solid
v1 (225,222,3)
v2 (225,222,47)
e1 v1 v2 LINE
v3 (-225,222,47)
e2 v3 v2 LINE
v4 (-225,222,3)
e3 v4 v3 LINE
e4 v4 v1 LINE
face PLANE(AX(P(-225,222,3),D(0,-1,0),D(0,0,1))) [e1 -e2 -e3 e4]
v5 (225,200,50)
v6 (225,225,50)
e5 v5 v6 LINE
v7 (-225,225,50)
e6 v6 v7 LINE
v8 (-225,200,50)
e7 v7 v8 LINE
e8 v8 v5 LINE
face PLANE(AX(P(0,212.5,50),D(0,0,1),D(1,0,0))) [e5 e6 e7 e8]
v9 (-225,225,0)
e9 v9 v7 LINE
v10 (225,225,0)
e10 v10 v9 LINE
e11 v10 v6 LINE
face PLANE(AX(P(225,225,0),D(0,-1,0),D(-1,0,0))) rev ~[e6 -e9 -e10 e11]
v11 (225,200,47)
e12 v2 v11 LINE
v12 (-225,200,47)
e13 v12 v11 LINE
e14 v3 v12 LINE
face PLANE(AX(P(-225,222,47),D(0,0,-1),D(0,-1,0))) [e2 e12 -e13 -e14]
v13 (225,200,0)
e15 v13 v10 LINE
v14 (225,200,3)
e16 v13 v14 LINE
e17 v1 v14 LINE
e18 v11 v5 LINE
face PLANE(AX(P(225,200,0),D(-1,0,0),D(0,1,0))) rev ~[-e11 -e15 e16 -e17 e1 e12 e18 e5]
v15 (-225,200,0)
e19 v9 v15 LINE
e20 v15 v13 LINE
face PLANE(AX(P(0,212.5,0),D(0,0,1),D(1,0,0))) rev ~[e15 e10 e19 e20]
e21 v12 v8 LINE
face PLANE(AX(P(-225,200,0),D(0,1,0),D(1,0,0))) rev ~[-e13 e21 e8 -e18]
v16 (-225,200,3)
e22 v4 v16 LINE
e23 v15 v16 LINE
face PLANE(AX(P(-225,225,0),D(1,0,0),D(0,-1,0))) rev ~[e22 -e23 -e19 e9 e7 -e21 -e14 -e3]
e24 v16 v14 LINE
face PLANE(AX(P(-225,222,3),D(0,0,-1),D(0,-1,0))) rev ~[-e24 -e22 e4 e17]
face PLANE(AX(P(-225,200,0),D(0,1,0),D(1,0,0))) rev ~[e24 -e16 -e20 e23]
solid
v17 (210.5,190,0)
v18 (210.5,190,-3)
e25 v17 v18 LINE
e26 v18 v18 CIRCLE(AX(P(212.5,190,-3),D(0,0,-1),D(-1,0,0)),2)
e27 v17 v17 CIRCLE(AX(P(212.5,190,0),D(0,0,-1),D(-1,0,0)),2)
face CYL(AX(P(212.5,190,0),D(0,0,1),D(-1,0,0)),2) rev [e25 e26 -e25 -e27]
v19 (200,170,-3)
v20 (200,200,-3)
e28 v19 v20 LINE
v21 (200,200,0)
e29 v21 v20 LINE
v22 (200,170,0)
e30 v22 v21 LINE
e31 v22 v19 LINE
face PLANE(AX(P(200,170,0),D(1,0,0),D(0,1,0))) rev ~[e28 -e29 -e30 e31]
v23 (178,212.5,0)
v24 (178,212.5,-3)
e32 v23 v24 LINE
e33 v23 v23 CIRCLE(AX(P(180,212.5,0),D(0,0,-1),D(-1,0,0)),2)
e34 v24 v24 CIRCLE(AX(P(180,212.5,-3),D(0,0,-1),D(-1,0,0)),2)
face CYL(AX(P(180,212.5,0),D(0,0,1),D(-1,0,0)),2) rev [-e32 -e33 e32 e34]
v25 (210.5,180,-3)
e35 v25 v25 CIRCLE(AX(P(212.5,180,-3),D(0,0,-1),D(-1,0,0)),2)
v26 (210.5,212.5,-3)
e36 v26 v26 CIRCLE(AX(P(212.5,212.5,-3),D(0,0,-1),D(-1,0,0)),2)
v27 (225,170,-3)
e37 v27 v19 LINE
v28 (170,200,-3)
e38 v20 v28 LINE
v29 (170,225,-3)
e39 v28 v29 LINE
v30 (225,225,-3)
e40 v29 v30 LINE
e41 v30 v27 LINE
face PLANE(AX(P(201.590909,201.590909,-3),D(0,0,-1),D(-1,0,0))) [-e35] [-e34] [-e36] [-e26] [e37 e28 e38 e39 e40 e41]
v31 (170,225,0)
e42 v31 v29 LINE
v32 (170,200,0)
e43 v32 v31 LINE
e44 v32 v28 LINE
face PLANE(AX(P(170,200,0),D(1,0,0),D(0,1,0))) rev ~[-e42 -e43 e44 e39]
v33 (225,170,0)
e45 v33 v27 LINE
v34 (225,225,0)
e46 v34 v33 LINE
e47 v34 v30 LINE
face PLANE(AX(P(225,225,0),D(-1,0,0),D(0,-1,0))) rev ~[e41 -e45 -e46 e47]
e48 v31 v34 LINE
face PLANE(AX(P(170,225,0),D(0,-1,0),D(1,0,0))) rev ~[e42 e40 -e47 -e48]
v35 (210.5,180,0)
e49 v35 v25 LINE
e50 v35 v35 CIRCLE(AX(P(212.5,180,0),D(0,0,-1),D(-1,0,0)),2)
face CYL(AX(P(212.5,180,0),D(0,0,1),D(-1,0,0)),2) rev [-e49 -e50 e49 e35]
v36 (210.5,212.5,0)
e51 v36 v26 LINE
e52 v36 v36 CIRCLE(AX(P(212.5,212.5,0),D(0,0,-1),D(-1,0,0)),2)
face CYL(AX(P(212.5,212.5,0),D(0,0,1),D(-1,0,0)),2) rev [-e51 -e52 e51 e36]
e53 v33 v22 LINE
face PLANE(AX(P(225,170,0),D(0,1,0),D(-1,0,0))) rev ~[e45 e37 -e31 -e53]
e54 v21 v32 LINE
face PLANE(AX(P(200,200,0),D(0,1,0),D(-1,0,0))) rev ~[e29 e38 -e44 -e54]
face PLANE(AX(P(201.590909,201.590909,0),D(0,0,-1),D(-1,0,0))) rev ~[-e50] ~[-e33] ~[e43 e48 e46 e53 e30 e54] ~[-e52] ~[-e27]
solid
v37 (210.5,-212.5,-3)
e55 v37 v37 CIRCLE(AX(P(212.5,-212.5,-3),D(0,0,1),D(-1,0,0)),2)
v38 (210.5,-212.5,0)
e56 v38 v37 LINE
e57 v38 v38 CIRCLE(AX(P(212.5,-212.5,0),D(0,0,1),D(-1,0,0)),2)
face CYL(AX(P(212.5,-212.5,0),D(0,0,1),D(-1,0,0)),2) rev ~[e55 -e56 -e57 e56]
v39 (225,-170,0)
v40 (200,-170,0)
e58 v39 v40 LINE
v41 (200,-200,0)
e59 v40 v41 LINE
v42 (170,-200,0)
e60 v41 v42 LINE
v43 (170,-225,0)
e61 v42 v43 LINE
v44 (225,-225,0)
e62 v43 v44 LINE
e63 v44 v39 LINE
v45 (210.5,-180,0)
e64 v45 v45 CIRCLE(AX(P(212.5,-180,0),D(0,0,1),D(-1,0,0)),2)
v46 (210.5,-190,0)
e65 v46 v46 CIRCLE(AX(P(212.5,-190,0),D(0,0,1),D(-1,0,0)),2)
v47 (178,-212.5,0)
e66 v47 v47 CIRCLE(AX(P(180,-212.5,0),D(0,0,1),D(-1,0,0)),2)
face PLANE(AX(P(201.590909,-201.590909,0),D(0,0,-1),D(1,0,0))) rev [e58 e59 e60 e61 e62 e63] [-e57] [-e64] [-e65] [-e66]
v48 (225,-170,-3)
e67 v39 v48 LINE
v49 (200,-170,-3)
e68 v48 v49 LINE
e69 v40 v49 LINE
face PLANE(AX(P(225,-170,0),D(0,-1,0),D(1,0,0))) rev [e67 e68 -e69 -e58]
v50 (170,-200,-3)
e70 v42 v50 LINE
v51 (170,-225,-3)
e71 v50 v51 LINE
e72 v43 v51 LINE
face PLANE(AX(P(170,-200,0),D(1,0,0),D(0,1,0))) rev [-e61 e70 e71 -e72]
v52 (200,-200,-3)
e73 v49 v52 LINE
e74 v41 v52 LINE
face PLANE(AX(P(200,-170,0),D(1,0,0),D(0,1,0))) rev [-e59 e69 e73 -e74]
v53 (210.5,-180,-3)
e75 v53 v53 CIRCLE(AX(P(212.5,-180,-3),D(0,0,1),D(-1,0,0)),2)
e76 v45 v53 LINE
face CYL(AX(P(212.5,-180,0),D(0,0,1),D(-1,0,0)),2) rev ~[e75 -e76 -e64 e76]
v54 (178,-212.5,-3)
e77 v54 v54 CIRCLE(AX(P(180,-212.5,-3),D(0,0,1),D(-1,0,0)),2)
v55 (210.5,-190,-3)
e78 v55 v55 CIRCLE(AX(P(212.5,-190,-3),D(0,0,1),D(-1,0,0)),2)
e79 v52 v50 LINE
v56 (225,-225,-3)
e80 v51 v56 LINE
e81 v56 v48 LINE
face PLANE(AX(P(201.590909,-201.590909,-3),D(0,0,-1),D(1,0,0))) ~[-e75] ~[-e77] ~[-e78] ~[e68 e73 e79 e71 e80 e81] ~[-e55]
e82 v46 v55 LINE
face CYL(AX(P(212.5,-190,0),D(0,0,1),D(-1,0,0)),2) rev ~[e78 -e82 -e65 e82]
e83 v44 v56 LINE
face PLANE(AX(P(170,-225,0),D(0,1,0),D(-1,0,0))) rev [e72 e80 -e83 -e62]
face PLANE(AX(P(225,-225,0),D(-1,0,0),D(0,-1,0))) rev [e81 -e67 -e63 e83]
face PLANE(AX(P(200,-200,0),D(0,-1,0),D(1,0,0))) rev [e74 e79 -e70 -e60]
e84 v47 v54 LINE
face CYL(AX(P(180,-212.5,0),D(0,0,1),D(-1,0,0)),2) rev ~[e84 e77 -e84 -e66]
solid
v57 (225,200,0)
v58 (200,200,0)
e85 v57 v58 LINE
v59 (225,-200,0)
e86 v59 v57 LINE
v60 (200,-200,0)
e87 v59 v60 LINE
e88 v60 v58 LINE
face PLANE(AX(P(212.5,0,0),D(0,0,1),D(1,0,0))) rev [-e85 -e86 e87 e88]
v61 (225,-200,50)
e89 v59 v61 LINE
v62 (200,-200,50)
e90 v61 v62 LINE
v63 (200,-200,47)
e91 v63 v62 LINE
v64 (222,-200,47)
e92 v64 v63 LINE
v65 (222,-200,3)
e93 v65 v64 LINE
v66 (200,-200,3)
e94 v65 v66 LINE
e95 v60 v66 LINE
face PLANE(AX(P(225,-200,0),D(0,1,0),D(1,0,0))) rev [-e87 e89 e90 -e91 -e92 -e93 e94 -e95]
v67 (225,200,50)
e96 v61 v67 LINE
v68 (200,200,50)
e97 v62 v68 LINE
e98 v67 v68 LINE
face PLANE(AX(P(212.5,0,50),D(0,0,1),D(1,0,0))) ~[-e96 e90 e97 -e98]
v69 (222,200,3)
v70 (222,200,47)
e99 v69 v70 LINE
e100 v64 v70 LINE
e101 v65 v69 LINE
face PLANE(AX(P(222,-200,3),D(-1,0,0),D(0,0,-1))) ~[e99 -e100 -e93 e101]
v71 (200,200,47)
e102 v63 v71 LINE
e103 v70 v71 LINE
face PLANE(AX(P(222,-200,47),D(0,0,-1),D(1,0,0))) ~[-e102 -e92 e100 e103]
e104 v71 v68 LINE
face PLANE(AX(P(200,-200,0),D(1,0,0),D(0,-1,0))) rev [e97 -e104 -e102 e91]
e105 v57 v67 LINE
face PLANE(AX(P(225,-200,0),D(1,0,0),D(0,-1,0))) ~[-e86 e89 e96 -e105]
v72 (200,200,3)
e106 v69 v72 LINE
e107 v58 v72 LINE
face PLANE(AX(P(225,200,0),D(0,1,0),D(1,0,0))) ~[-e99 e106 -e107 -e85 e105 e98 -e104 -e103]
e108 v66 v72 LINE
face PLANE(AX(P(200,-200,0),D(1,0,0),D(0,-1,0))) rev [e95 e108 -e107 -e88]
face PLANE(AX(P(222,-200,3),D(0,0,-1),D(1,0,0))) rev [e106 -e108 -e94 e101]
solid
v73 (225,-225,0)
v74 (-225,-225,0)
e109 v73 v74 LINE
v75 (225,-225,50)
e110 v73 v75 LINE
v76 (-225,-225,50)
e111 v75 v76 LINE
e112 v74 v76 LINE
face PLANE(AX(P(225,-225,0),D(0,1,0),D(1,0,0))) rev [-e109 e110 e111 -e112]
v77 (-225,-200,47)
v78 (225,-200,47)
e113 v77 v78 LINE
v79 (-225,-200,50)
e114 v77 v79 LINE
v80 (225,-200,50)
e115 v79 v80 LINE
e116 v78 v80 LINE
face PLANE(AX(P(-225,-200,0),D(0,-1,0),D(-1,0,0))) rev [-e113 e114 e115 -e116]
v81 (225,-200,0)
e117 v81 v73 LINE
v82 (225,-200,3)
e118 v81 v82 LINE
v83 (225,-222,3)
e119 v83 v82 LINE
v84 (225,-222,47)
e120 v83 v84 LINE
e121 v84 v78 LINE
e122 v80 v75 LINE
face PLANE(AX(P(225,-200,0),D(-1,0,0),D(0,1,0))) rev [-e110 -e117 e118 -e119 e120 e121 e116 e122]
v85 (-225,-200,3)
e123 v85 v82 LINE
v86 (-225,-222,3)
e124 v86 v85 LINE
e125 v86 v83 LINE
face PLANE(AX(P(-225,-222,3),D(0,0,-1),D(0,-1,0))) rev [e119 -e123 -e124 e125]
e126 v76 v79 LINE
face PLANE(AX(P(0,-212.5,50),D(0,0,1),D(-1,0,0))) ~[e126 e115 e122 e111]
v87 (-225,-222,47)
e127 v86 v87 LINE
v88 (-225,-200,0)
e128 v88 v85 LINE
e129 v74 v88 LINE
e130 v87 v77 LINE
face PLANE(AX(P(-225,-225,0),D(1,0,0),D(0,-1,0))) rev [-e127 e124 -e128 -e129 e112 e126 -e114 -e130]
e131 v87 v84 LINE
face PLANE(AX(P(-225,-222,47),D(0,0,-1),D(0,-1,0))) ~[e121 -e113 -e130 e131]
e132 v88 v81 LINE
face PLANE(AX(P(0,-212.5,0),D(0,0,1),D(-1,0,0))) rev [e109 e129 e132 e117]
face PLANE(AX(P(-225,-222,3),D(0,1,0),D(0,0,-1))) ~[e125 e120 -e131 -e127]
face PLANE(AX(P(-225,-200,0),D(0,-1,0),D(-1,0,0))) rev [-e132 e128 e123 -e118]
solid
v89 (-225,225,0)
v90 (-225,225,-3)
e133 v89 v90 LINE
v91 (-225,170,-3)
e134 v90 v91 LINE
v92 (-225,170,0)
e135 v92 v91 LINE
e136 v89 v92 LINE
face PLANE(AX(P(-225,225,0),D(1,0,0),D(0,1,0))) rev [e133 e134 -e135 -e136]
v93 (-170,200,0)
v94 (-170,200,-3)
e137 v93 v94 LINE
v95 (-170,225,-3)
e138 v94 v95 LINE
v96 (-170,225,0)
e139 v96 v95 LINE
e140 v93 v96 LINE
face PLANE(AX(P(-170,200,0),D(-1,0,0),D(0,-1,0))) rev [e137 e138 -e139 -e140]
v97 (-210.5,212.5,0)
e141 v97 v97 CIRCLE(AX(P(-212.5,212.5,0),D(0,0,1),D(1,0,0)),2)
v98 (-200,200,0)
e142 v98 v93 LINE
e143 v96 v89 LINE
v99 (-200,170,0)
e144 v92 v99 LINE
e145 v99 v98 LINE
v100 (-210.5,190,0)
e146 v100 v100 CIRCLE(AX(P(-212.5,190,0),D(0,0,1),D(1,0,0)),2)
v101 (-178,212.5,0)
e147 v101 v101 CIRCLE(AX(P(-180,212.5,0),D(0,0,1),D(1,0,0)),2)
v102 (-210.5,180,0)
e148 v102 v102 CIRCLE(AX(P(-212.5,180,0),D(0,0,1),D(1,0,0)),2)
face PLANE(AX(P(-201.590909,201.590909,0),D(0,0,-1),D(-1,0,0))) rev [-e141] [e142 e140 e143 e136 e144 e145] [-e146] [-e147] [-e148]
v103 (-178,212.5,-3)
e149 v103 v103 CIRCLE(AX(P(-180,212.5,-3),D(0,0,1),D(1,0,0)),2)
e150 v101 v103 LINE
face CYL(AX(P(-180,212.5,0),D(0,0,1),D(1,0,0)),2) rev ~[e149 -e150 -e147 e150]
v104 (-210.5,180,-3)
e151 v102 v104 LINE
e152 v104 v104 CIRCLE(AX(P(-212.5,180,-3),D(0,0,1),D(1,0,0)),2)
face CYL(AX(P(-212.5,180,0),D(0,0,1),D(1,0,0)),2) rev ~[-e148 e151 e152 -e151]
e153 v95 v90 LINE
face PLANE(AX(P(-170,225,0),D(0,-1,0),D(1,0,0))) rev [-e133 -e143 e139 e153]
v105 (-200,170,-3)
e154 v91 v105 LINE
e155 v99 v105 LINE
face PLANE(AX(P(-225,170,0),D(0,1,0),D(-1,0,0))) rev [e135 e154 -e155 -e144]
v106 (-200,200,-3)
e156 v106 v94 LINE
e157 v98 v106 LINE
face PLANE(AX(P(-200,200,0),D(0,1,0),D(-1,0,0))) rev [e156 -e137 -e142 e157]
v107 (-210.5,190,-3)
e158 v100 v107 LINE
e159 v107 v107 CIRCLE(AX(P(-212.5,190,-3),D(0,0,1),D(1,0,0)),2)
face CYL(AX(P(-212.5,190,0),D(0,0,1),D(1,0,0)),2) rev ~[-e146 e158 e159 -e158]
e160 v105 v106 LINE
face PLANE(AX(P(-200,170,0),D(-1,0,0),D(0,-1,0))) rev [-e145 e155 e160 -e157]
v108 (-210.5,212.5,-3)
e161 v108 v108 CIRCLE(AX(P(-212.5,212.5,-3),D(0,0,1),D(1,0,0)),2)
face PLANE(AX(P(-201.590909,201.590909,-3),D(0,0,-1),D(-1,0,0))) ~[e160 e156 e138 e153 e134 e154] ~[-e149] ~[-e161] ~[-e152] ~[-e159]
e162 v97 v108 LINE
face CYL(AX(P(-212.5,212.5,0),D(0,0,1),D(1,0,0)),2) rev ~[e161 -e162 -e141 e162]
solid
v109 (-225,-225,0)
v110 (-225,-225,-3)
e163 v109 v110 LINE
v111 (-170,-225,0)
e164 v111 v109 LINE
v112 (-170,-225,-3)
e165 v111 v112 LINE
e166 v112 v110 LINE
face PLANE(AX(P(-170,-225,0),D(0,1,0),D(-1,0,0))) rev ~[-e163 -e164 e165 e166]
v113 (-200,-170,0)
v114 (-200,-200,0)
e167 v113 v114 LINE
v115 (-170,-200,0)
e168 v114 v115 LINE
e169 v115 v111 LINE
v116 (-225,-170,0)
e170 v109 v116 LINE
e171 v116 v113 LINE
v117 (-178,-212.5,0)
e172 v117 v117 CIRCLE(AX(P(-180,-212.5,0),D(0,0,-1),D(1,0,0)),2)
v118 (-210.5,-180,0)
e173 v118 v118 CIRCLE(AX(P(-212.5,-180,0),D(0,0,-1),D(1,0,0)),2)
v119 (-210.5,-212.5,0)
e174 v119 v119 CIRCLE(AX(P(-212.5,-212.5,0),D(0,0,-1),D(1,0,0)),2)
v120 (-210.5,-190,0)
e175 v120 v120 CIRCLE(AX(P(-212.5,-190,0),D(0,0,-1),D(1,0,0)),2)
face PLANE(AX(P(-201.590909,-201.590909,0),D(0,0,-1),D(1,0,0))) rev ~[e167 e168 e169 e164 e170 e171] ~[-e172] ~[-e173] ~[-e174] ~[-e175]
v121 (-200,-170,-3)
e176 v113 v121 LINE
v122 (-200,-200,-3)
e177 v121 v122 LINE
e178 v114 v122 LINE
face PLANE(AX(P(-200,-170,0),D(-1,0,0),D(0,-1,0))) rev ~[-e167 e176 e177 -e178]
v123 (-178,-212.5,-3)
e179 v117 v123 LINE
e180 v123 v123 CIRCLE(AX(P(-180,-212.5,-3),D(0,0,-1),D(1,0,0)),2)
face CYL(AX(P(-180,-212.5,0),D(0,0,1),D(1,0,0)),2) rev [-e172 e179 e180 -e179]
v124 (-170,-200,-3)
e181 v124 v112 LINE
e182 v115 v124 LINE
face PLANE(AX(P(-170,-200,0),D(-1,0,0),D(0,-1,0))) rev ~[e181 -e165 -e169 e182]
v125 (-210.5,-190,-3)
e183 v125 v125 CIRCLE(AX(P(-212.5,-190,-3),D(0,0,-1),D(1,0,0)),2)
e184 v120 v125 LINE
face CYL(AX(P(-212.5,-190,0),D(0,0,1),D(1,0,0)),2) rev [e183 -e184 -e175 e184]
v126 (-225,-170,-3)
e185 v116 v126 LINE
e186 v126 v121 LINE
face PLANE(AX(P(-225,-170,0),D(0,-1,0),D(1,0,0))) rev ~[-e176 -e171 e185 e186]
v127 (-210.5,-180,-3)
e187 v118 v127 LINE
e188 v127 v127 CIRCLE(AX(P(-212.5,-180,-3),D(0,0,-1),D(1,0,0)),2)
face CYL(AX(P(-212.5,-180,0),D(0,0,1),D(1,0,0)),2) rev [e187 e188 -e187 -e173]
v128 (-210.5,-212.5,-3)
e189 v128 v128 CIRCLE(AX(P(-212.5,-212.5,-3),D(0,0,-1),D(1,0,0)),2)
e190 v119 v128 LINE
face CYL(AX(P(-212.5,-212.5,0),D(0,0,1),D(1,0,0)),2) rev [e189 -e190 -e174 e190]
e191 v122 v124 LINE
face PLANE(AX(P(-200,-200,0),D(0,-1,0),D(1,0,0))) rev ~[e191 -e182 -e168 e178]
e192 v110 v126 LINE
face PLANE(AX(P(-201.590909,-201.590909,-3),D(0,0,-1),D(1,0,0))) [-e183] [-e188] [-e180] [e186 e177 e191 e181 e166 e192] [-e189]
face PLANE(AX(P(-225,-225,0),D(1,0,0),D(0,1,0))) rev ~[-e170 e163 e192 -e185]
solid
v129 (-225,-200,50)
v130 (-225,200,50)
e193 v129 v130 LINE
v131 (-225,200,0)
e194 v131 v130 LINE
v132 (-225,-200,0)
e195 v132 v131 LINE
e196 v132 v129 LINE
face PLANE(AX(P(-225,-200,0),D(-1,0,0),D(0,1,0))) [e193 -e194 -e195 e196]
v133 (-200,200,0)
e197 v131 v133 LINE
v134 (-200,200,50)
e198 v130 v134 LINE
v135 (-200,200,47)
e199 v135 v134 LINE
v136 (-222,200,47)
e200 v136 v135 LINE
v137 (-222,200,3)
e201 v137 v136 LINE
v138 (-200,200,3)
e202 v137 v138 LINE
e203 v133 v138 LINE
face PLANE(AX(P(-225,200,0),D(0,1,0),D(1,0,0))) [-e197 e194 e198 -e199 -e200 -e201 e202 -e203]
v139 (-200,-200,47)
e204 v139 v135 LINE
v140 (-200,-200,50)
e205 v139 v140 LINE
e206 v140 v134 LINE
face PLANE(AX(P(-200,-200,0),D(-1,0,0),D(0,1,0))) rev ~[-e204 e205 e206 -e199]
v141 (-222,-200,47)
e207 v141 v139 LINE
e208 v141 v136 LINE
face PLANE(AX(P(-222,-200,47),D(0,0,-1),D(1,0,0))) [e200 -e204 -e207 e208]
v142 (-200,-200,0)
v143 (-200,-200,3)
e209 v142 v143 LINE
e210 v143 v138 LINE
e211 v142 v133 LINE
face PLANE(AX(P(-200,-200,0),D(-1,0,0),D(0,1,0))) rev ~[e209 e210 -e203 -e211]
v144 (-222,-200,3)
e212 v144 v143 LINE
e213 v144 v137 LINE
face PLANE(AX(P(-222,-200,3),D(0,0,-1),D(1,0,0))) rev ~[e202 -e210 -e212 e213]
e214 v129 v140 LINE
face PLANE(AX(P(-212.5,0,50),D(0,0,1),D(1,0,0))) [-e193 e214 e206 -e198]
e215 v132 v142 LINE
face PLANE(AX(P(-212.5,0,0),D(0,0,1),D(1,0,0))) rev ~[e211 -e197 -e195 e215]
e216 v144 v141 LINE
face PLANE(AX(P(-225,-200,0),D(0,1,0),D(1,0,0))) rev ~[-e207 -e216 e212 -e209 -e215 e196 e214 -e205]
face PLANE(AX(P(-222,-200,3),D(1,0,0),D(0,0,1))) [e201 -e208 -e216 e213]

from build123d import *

# Parameters (mm, degrees)
F0_W      = 25
F0_H      = 400
F1_DEPTH  = 50
F2_DEPTH  = 50
F3_W      = 22
F3_H      = 44
F4_DEPTH  = 450
F6_W      = 22
F6_H      = 44
F7_DEPTH  = 400
F9_R      = 2
F10_DEPTH = 3


with BuildPart() as f1:
    # F0 (on Top) → F1 (new body)
    with BuildSketch(Plane.XY):
        with Locations((-212.5, 0)):
            Rectangle(F0_W, F0_H)
    extrude(amount=F1_DEPTH)

    # F6 (on face) → F7 (cut, through all)
    with BuildSketch(Plane.XZ.offset(200)):
        with Locations((-211, 25)):
            Rectangle(F6_W, F6_H)
    extrude(amount=-F7_DEPTH, mode=Mode.SUBTRACT)


with BuildPart() as f2:
    # F0 (on Top) → F2 (new body)
    with BuildSketch(Plane.XY):
        Polygon((200, 200), (225, 200), (225, 225), (-225, 225), (-225, 200), (-200, 200), align=None)
    extrude(amount=F2_DEPTH)

    # F3 (on face) → F4 (cut, through all)
    with BuildSketch(Plane(origin=(-225, 0, 0), x_dir=(0, -1, 0), z_dir=(-1, 0, 0))):
        with Locations((-211, 25)):
            Rectangle(F3_W, F3_H)
    extrude(amount=-F4_DEPTH, mode=Mode.SUBTRACT)


with BuildPart() as f5_1:
    # F5: instance of F2
    add(f2.part.mirror(Plane.XZ))


with BuildPart() as f8_1:
    # F8: instance of F1
    add(f1.part.mirror(Plane.YZ))


with BuildPart() as f10:
    # F9 (on face) → F10 (new body)
    with BuildSketch(Plane(origin=(0, 0, 0), x_dir=(1, 0, 0), z_dir=(0, 0, -1))):
        Polygon((-170, 225), (-225, 225), (-225, 170), (-200, 170), (-200, 200), (-170, 200), align=None)
        with Locations((-212.5, 180)):
            Circle(F9_R, mode=Mode.SUBTRACT)
        with Locations((-212.5, 190)):
            Circle(F9_R, mode=Mode.SUBTRACT)
        with Locations((-212.5, 212.5)):
            Circle(F9_R, mode=Mode.SUBTRACT)
        with Locations((-180, 212.5)):
            Circle(F9_R, mode=Mode.SUBTRACT)
    extrude(amount=F10_DEPTH)


with BuildPart() as f11_1:
    # F11: instance of F10
    add(f10.part.mirror(Plane.XZ))


with BuildPart() as f12_1:
    # F12: instance of F10
    add(f10.part.mirror(Plane.YZ))


with BuildPart() as f12_2:
    # F12: instance of F11_1
    add(f11_1.part.mirror(Plane.YZ))


solid = Compound([f1.part, f2.part, f5_1.part, f8_1.part, f10.part, f11_1.part, f12_1.part, f12_2.part])
